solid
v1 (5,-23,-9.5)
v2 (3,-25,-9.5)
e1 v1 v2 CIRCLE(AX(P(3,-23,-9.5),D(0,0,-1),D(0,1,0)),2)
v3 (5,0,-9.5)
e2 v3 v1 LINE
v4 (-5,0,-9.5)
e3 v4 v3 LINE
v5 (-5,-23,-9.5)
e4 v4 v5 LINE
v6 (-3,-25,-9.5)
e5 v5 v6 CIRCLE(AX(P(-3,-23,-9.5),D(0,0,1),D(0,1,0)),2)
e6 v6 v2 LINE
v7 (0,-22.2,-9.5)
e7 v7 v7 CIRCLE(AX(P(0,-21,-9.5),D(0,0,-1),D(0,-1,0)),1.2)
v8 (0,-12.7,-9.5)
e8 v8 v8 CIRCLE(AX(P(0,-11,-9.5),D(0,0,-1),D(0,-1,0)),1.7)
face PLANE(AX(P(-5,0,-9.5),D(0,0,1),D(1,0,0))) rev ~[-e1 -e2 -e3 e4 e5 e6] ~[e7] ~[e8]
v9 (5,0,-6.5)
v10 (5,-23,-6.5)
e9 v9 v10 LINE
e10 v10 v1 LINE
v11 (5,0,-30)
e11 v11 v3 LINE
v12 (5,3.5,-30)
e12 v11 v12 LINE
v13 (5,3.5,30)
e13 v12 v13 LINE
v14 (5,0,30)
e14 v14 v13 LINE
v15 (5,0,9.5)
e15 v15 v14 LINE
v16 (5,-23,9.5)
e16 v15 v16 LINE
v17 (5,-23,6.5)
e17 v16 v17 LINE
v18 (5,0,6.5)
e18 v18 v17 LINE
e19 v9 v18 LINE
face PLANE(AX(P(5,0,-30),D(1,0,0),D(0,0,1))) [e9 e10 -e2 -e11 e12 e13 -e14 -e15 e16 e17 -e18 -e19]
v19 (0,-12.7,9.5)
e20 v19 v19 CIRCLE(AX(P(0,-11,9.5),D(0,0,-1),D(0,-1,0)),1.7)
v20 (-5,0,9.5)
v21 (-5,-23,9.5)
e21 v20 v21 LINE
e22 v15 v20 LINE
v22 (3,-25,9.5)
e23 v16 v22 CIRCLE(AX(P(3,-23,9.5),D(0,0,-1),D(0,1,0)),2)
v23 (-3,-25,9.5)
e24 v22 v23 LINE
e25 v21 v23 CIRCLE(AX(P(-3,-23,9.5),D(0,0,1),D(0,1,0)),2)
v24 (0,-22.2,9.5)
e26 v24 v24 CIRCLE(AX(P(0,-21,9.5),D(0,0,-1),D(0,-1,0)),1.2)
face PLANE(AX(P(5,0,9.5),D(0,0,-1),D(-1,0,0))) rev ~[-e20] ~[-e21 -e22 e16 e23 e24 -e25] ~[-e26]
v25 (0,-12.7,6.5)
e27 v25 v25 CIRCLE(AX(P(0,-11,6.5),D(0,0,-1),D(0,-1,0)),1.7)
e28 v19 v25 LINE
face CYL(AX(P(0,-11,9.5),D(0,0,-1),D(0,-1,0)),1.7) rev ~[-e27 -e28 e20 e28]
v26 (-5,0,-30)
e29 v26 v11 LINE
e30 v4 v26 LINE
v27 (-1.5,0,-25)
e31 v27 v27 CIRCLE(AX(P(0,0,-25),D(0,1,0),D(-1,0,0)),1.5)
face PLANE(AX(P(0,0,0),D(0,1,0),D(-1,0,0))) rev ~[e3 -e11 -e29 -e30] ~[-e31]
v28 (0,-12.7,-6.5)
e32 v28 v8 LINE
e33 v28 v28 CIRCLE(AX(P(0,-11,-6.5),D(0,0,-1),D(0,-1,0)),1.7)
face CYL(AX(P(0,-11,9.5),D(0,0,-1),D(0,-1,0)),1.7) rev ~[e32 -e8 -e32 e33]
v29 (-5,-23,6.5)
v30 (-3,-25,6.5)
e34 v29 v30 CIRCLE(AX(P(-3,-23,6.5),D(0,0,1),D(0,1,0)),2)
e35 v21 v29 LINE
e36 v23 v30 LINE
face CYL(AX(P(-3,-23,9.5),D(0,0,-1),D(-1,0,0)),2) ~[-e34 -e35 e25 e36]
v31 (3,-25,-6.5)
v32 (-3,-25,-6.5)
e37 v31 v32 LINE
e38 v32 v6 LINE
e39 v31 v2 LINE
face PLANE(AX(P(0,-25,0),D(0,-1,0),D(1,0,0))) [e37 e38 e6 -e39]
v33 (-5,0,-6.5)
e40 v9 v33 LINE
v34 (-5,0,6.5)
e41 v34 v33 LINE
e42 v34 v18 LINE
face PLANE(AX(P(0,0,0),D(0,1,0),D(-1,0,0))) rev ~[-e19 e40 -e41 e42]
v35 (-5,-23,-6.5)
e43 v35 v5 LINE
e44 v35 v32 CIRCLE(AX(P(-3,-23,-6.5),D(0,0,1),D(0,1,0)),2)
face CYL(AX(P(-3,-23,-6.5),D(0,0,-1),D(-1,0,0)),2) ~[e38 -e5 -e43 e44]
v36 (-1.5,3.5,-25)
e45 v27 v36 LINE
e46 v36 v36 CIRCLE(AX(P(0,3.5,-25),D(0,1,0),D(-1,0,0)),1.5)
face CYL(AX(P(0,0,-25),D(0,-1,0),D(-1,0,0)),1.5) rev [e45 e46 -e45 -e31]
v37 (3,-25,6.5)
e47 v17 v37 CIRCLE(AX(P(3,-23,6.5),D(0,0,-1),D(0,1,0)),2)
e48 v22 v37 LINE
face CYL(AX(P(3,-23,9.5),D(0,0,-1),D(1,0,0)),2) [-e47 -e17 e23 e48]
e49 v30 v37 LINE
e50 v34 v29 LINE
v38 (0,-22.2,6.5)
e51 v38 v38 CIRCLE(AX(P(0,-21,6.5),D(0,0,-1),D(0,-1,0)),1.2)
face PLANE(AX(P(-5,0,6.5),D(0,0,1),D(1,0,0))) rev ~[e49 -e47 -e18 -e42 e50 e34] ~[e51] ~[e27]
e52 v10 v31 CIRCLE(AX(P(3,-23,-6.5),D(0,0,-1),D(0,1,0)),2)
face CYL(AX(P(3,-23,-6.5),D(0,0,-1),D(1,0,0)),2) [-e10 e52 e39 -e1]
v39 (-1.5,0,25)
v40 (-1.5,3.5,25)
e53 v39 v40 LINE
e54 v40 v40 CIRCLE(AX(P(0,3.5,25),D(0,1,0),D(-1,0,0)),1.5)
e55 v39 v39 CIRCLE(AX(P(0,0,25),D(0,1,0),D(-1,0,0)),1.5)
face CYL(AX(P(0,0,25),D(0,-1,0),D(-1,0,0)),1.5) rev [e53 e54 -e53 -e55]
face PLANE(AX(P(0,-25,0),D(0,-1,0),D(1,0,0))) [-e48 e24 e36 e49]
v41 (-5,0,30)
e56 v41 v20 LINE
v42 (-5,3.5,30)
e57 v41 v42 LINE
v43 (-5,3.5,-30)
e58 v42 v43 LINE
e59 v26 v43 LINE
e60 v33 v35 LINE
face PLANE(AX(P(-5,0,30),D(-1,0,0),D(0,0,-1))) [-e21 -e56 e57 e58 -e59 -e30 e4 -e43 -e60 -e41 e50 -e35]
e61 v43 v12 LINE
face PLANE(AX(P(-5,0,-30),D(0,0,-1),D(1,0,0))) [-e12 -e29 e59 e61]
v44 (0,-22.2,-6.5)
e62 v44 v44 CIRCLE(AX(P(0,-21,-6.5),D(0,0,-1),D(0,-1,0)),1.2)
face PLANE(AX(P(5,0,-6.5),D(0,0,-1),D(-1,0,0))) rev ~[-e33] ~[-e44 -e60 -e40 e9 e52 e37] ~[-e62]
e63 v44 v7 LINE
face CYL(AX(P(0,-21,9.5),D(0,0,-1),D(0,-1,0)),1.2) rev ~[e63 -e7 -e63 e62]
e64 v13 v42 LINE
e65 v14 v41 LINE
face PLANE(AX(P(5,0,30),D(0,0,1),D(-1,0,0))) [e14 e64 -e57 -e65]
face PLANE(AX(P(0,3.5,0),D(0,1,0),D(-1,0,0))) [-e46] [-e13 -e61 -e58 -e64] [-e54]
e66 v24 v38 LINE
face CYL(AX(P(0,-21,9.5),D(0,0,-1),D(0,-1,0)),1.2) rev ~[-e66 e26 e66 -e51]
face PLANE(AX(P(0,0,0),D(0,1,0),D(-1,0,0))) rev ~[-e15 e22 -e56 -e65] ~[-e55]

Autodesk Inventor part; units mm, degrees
ref_plane "YZ Plane" through (0, 0, 0) normal (1, 0, 0) x (0, 1, 0)
ref_plane "XZ Plane" through (0, 0, 0) normal (0, 1, 0) x (-1, 0, 0)
ref_plane "XY Plane" through (0, 0, 0) normal (0, 0, 1) x (1, 0, 0)
sketch "Szkic1" plane through (0, 0, 0) normal (0, 1, 0) x (-1, 0, 0)
  line L0 (-5, 30) -> (5, 30)
  line L1 (5, 30) -> (5, -30)
  line L2 (5, -30) -> (-5, -30)
  line L3 (-5, -30) -> (-5, 30)
  line L4 (-5, 30) -> (5, -30) construction
  line L5 (5, 30) -> (-5, -30) construction
  circle A0 centre (0, 25) radius 1.5
  circle A1 centre (0, -25) radius 1.5
  point P0 (0, 0)
  dimension "d0" = 10
  dimension "d1" = 60
  dimension "d2" = 50
  dimension "d3" = 5
  dimension "d4" = 5
  dimension "d5" = 3
  dimension "d6" = 3
extrude "Wyciągnięcie proste1" add sketch "Szkic1" along normal blind 3.5
sketch "Szkic2" plane through (0, 0, 0) normal (0, -1, 0) x (1, 0, 0)
  line L0 (5, 30) -> (5, -30) projected
  line L1 (-5, -9.5) -> (5, -9.5)
  line L2 (5, -9.5) -> (5, -6.5)
  line L3 (5, -6.5) -> (-5, -6.5)
  line L4 (-5, -6.5) -> (-5, -9.5)
  line L5 (-5, 6.5) -> (5, 6.5)
  line L6 (5, 6.5) -> (5, 9.5)
  line L7 (5, 9.5) -> (-5, 9.5)
  line L8 (-5, 9.5) -> (-5, 6.5)
  line L9 (-5, 30) -> (-5, -30) projected
  point P0 (0, 0)
  dimension "d9" = 3
  dimension "d10" = 3
  dimension "d11" = 13
  dimension "d12" = 6.5
extrude "Wyciągnięcie proste2" add sketch "Szkic2" along normal blind 25 contours L0 L5 L8 L7 | L0 L1 L4 L3
fillet "Zaokrąglenie1" radius 2 4 edges at (5, -25, -8) (-5, -25, -8) (5, -25, 8) (-5, -25, 8)
sketch "Szkic3" plane through (-5, 0, 9.5) normal (0, 0, 1) x (1, 0, 0)
  line L0 (0, 0) -> (0, -23) projected
  line L1 (8, -25) -> (2, -25) projected
  point P0 (5, 0)
  point P1 (5, -21)
  point P2 (5, -11)
  dimension "d16" = 10
  dimension "d17" = 5
  dimension "d18" = 4
hole "Otwór1" at (0, -11, 9.5) direction (0, 0, -1) diameter 3.4 end through all clearance for "Śruba ze łbem płaskim obrobiona" size "M3" standard "ANSI Profil metryczny M"
hole "Otwór2" at (0, -21, 9.5) direction (0, 0, -1) diameter 2.4 end through all clearance for "Śruba ze łbem płaskim obrobiona" size "M2" standard "ANSI Profil metryczny M"
equation "\"d10\" = d9"
equation "\"d12\" = 0.5 * d11"
